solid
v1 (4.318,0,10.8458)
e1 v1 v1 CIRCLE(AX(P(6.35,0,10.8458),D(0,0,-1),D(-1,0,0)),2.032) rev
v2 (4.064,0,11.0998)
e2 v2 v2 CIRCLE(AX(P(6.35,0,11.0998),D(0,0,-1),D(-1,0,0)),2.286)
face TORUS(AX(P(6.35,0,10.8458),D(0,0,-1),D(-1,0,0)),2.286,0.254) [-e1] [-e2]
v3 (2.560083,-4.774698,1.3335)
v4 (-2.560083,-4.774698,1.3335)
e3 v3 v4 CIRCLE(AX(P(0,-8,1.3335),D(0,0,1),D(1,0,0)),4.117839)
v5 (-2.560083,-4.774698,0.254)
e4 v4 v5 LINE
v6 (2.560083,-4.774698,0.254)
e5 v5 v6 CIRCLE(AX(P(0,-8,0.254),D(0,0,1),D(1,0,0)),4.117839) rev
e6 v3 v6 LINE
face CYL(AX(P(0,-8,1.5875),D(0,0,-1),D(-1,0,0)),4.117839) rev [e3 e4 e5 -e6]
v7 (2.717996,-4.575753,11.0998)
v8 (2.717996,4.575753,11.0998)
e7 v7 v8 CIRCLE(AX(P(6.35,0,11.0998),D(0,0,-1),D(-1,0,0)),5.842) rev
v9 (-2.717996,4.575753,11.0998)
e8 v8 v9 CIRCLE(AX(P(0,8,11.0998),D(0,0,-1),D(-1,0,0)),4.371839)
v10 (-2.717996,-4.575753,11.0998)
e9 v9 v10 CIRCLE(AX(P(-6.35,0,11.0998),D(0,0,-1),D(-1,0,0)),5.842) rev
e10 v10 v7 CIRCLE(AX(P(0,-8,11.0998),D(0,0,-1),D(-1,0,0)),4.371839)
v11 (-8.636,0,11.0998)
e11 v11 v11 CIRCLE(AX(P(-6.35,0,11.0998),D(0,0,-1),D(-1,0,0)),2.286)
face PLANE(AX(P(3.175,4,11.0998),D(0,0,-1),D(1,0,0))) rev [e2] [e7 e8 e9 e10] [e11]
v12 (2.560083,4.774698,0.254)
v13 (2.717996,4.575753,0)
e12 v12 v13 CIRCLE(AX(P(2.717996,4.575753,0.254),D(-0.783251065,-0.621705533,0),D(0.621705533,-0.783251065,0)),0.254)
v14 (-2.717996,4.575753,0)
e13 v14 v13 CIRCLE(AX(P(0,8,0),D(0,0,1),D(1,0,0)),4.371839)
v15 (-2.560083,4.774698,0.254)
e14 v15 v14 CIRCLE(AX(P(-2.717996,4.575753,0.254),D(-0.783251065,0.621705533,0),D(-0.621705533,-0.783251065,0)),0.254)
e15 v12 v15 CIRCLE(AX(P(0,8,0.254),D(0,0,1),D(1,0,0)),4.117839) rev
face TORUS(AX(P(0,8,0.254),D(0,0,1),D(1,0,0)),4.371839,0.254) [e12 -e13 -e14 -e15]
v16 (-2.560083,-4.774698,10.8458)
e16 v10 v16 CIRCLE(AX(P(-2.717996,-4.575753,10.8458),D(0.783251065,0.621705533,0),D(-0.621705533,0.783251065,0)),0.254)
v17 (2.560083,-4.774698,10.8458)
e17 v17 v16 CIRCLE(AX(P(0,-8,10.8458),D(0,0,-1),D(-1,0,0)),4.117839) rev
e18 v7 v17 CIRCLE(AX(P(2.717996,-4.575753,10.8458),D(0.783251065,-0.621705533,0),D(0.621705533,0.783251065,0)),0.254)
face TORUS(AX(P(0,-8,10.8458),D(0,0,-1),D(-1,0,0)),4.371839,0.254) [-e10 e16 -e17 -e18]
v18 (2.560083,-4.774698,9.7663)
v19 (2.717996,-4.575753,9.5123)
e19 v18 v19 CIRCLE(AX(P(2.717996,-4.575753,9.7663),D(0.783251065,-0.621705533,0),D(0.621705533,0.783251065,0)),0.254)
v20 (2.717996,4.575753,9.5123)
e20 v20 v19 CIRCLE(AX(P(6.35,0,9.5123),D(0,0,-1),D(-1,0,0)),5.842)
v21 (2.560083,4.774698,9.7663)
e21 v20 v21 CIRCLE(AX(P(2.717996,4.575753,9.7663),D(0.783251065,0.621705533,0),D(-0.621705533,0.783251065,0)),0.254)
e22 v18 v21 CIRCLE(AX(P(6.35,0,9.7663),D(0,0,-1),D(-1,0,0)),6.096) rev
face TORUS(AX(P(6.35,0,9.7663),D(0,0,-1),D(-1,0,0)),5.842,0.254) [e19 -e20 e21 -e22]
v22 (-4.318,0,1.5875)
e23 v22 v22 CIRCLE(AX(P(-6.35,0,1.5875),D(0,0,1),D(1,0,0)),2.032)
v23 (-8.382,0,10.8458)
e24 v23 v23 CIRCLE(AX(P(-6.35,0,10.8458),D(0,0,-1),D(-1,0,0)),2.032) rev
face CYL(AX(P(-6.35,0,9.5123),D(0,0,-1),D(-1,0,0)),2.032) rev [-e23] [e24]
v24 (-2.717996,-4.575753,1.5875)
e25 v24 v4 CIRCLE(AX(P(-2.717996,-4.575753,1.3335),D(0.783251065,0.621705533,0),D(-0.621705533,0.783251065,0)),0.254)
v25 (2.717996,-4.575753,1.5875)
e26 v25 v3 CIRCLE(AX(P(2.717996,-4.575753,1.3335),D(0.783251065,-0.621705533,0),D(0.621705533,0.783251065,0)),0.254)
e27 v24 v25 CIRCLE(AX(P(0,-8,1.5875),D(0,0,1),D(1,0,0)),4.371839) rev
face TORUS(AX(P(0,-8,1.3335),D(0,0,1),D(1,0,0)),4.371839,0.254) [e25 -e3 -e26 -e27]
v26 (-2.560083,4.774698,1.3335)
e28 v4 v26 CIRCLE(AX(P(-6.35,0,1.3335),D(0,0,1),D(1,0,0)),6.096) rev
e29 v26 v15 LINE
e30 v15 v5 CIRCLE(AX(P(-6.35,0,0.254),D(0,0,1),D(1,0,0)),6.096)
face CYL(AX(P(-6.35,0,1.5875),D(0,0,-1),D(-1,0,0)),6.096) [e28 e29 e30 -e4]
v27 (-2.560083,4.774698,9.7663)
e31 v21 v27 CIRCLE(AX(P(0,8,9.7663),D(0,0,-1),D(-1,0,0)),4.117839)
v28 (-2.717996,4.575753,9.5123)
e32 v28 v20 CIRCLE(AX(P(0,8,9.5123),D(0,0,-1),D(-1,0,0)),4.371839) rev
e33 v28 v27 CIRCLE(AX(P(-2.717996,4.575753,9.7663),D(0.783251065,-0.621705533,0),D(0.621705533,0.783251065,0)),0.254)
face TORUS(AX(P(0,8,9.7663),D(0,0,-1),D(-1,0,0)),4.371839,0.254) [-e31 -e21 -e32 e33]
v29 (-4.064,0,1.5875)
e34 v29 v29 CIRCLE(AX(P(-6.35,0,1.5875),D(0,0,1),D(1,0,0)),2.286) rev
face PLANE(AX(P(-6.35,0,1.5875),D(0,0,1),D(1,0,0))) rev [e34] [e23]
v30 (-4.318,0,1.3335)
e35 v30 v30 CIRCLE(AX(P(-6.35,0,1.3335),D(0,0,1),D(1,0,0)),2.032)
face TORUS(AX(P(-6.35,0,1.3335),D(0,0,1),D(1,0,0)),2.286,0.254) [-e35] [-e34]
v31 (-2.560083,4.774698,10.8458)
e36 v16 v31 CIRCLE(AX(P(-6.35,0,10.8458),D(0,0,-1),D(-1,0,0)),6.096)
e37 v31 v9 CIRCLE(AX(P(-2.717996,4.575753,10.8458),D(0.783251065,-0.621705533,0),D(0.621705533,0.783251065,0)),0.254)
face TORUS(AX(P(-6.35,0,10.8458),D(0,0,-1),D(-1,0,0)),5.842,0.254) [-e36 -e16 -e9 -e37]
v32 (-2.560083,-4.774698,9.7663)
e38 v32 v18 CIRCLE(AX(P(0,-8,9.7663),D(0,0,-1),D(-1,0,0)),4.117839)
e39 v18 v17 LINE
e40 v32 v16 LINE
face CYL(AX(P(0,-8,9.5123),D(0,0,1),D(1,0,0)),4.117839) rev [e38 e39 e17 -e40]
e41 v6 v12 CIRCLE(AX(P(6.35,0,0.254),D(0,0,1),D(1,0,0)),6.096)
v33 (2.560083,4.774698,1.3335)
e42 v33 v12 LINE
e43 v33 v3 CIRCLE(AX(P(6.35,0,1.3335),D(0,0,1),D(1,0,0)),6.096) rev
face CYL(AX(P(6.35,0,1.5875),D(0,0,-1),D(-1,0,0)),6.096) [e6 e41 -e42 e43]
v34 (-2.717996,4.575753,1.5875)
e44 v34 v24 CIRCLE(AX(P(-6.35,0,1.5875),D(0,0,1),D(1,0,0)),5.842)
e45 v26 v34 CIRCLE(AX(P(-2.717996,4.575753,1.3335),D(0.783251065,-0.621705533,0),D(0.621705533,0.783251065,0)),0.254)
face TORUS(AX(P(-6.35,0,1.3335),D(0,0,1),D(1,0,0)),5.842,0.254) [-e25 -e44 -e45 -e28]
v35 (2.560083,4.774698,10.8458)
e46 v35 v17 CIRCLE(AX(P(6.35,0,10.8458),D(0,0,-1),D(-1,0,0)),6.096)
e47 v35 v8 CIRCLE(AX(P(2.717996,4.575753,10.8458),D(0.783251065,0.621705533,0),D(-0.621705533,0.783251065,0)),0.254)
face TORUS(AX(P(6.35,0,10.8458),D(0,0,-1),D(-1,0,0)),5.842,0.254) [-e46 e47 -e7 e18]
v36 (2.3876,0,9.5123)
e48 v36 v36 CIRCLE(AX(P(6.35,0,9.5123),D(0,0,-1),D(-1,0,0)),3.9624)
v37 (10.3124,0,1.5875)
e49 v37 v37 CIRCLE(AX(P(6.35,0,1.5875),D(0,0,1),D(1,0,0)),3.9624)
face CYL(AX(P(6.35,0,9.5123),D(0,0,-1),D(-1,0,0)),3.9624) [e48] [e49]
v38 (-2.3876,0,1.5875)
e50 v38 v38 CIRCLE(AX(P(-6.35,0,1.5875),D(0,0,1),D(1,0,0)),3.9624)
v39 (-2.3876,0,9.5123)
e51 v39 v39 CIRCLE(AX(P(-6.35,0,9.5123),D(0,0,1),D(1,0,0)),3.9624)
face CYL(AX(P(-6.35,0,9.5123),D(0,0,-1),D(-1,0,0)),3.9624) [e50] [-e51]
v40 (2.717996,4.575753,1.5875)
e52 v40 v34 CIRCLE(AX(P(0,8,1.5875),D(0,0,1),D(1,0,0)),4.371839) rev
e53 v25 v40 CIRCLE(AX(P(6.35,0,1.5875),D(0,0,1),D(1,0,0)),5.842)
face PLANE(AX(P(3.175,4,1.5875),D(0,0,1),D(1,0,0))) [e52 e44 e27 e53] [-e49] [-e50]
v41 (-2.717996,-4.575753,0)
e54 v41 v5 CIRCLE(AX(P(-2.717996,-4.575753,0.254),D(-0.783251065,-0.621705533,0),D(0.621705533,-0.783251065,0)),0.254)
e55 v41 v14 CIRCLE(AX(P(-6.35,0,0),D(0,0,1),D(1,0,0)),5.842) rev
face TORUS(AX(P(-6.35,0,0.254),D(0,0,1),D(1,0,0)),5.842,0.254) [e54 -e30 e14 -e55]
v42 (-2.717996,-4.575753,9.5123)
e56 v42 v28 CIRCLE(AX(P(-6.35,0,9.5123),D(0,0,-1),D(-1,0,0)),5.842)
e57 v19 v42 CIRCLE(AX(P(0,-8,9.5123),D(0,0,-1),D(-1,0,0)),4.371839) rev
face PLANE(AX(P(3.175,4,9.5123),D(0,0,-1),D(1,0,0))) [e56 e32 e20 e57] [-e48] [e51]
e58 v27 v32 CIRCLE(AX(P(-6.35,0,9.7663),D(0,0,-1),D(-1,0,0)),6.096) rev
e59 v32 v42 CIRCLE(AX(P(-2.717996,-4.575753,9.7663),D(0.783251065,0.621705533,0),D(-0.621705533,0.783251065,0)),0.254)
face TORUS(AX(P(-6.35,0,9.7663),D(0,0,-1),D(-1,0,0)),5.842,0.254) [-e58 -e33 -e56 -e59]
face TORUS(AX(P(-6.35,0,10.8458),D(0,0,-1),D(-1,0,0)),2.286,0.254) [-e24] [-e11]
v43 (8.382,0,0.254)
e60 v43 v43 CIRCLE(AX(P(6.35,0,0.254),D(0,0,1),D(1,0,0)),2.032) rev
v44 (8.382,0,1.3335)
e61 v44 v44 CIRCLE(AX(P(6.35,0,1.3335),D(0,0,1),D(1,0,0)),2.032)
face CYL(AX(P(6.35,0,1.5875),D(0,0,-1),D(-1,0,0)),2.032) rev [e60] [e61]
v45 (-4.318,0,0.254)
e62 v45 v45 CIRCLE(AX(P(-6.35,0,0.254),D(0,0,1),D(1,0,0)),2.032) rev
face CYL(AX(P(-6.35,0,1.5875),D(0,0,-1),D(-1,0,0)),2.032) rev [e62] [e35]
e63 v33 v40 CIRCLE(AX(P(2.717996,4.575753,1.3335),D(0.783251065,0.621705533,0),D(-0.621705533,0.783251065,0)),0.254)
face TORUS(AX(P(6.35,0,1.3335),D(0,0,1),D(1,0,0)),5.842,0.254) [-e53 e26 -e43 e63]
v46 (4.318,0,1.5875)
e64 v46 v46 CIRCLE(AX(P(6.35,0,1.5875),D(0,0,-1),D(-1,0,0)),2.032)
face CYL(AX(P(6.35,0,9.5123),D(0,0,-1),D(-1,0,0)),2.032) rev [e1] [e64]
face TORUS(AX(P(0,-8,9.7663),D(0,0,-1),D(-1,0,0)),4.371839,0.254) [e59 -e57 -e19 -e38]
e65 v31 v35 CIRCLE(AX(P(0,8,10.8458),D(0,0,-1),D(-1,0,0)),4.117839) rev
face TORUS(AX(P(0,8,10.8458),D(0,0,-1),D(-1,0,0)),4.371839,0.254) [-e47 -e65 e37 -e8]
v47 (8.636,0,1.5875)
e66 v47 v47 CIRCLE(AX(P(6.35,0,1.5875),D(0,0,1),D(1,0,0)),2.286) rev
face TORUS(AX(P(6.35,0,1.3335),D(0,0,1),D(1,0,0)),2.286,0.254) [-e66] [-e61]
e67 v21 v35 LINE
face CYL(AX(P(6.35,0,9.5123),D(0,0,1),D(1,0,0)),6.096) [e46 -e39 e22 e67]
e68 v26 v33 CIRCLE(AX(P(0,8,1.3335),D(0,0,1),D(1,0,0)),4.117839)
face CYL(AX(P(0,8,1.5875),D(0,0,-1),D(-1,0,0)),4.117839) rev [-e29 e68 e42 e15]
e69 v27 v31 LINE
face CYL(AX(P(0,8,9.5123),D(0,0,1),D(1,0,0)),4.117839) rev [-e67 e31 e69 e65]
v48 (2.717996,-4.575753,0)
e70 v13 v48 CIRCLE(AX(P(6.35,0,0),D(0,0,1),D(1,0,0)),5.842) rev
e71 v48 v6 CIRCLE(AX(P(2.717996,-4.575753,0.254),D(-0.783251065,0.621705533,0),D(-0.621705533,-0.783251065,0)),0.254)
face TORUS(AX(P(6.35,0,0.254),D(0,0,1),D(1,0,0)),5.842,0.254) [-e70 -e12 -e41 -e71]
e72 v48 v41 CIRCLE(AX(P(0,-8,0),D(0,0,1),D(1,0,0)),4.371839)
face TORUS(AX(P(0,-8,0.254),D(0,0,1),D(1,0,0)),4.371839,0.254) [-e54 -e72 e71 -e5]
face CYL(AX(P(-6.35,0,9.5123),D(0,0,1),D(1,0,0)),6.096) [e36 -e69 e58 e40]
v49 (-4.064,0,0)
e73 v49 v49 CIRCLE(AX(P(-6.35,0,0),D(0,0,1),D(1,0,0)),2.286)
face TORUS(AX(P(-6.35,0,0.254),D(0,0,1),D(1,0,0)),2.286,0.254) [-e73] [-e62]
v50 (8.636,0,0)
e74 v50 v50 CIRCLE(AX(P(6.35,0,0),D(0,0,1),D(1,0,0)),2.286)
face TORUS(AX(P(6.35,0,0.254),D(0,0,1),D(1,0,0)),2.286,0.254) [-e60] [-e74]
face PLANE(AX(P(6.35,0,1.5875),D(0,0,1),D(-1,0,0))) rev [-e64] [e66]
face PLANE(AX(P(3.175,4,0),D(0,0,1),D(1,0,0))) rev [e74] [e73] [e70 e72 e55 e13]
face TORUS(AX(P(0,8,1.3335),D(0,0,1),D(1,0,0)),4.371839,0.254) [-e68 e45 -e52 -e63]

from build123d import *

# Parameters (mm, degrees)
SKETCH_1_R      = 2.032
EXTRUDE_1_DEPTH = 1.5875
FILLET_1_R      = 0.254
SKETCH_2_R      = 3.9624
SKETCH_2_R_2    = 2.032
EXTRUDE_2_DEPTH = 7.9248
FILLET_2_R      = 0.254


with BuildPart() as part:
    # 草圖1 → 填料-伸長1 (new body)
    with BuildSketch(Plane.XY):
        with BuildLine():
            ThreePointArc((-2.560083073, 4.774698491), (-12.446, 0), (-2.560083073, -4.774698491))
            ThreePointArc((-2.560083073, -4.774698491), (0, -3.882161348), (2.560083073, -4.774698491))
            ThreePointArc((2.560083073, -4.774698491), (12.446, 0), (2.560083073, 4.774698491))
            ThreePointArc((2.560083073, 4.774698491), (0, 3.882161348), (-2.560083073, 4.774698491))
        make_face()
        with Locations((-6.35, 0)):
            Circle(SKETCH_1_R, mode=Mode.SUBTRACT)
        with Locations(Location((6.35, 0, 0), (0, 0, 180))):
            Circle(SKETCH_1_R, mode=Mode.SUBTRACT)
    extrude_1 = extrude(amount=EXTRUDE_1_DEPTH)

    # 圓角1
    fillet_1_edges = [part.edges().sort_by_distance(p)[0] for p in [
        (0, -3.882161348, 1.5875),
        (-8.382, 0, 0),
        (-8.382, 0, 1.5875),
        (12.446, 0, 1.5875),
        (8.382, 0, 0),
        (8.382, 0, 1.5875),
        (0, 3.882161348, 1.5875),
        (12.446, 0, 0),
        (0, -3.882161348, 0),
        (-12.446, 0, 0),
        (0, 3.882161348, 0),
        (-12.446, 0, 1.5875),
    ]]
    fillet(fillet_1_edges, radius=FILLET_1_R)

    # 草圖2 → 填料-伸長2 (add)
    with BuildSketch(Plane.XY.offset(1.5875)):
        with Locations((-6.35, 0)):
            Circle(SKETCH_2_R)
        with Locations((-6.35, 0)):
            Circle(SKETCH_2_R_2, mode=Mode.SUBTRACT)
    extrude_2 = extrude(amount=EXTRUDE_2_DEPTH)

    # 鏡射1: 填料-伸長2 across plane
    add(extrude_2.mirror(Plane(origin=(0, 0, 0), x_dir=(0, 0, 1), z_dir=(1, 0, 0))))

    # 鏡射2: 填料-伸長1 across plane
    add(extrude_1.mirror(Plane.XY.offset(5.5499)))

    # 圓角2
    fillet_2_edges = [part.edges().sort_by_distance(p)[0] for p in [
        (0, 3.882161348, 9.5123),
        (12.446, 0, 9.5123),
        (0, -3.882161348, 9.5123),
        (-12.446, 0, 9.5123),
        (0, 3.882161348, 11.0998),
        (-12.446, 0, 11.0998),
        (0, -3.882161348, 11.0998),
        (12.446, 0, 11.0998),
        (-8.382, 0, 11.0998),
        (8.382, 0, 11.0998),
    ]]
    fillet(fillet_2_edges, radius=FILLET_2_R)


solid = part.part
